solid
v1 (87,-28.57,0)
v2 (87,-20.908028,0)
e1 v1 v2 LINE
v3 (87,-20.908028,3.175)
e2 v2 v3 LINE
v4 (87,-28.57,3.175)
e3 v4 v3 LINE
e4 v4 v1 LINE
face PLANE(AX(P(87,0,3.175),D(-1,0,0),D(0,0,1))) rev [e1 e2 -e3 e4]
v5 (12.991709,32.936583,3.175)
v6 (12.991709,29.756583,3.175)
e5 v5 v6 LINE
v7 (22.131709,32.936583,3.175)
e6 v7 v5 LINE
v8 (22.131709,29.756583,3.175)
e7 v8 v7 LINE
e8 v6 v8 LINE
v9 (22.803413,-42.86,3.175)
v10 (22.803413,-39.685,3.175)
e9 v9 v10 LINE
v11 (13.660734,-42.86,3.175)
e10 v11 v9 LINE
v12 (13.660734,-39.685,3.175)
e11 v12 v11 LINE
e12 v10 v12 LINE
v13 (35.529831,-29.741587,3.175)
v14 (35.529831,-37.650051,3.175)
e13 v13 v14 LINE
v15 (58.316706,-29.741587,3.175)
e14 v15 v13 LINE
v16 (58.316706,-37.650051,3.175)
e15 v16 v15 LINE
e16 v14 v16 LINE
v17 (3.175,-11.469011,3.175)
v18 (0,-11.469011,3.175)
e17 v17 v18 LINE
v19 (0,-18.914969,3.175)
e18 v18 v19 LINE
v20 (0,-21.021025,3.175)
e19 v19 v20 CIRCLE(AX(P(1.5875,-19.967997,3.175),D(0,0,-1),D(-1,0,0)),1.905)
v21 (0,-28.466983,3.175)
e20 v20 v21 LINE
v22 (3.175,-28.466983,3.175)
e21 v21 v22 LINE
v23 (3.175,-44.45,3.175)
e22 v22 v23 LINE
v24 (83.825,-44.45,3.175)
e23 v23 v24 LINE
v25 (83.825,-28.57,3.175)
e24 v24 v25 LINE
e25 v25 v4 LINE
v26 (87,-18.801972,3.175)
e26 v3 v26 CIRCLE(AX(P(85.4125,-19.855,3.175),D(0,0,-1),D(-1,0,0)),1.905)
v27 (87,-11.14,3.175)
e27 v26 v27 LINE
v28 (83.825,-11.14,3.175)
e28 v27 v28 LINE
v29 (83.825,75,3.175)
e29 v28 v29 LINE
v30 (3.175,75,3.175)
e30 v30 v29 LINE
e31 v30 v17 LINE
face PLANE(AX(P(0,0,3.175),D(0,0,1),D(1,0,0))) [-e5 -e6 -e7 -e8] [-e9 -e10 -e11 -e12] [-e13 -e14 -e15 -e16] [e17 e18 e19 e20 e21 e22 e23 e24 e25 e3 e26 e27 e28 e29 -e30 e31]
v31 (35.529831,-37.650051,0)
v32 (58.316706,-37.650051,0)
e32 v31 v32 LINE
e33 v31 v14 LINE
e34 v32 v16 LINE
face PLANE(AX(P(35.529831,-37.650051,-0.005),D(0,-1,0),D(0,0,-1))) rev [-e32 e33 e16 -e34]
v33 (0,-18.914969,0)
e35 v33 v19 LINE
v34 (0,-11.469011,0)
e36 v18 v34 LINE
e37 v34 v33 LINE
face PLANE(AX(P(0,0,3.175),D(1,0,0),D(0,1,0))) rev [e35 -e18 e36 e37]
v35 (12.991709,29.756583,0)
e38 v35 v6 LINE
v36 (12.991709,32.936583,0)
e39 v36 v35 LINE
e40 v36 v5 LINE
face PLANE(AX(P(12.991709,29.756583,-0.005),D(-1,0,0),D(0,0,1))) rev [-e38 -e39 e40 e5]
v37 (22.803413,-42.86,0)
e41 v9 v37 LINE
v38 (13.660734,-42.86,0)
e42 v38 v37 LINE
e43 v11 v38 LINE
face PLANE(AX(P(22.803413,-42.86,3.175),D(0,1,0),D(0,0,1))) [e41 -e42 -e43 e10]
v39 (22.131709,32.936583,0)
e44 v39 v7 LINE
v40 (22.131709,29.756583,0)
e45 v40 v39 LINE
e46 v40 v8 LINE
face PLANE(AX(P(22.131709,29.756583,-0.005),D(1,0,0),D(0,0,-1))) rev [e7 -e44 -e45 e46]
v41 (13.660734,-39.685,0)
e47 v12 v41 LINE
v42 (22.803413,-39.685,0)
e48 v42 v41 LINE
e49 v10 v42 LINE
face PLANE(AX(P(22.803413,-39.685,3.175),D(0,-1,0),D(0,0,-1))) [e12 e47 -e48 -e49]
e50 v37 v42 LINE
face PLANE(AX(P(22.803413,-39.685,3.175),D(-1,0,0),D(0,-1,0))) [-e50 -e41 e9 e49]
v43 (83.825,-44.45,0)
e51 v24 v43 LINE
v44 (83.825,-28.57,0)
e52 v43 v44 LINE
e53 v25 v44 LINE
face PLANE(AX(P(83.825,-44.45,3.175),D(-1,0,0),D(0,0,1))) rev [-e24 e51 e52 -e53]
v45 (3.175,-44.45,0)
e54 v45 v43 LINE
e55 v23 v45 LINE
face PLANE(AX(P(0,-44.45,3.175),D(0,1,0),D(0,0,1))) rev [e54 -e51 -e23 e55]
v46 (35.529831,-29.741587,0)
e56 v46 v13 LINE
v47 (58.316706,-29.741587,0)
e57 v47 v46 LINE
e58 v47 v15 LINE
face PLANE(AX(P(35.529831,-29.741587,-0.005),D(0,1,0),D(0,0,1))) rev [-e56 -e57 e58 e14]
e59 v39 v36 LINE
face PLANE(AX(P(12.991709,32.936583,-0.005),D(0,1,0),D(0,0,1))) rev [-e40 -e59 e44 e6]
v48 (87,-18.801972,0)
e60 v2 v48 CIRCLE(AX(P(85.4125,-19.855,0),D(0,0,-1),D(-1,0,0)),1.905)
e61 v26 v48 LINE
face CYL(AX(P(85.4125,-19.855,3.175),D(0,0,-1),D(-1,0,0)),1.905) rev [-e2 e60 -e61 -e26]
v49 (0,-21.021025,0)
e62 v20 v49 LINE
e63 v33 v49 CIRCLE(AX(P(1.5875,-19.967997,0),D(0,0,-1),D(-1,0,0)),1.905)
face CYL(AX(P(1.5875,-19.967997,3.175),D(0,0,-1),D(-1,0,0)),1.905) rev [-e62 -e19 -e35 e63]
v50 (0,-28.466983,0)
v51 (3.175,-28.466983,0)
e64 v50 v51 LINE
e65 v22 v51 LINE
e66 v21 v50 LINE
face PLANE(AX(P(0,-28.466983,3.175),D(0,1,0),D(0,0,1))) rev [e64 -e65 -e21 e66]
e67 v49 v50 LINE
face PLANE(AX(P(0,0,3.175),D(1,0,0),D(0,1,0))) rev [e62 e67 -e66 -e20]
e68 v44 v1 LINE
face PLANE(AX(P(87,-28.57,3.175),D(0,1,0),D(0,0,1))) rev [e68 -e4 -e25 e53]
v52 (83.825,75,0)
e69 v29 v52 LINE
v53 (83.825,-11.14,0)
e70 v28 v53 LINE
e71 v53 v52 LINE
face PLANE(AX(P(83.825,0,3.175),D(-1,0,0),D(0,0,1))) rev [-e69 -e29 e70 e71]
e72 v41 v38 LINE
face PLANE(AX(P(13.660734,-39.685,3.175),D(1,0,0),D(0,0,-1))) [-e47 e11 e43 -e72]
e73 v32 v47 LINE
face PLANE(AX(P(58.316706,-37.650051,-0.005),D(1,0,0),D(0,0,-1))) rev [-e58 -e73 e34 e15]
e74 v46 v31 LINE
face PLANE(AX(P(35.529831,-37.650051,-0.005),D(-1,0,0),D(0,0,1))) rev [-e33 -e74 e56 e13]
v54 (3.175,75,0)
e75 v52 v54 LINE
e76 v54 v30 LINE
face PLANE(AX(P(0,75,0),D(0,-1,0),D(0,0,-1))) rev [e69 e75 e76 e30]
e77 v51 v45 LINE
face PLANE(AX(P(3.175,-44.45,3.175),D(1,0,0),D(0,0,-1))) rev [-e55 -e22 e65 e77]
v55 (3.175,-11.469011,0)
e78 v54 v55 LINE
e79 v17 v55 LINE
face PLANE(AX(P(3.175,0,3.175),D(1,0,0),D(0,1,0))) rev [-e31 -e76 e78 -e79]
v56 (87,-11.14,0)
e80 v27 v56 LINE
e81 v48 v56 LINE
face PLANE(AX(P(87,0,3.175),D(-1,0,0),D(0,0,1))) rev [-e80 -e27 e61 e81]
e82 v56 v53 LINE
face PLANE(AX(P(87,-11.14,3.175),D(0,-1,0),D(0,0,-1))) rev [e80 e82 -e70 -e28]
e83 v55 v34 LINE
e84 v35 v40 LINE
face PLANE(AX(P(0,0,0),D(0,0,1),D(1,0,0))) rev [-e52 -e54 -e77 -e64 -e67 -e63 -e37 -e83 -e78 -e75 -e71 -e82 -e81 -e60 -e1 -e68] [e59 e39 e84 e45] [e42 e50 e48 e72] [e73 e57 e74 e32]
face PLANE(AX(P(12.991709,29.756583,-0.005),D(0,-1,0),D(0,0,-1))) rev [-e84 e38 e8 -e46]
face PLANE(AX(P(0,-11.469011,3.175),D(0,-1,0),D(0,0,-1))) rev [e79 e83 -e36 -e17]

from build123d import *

# Parameters (mm, degrees)
SKETCH1_W           = 87
SKETCH1_H           = 44.45
SKETCH1_W_2         = 9.142679105
SKETCH1_H_2         = 3.175
BOSS_EXTRUDE1_DEPTH = 3.175
SKETCH2_W           = 3.175
SKETCH2_H           = 11.14
CUT_EXTRUDE1_DEPTH  = 4.175
SKETCH3_W           = 3.175
SKETCH3_H           = 15.88
CUT_EXTRUDE2_DEPTH  = 4.175
SKETCH6_R           = 1.905
CUT_EXTRUDE3_DEPTH  = 4.175
SKETCH8_W           = 3.175
SKETCH8_H           = 11.469011162
SKETCH8_H_2         = 15.983017012
CUT_EXTRUDE4_DEPTH  = 4.175
SKETCH10_R          = 1.905
CUT_EXTRUDE5_DEPTH  = 4.175
SKETCH12_W          = 80.65
SKETCH12_H          = 3.175
BOSS_EXTRUDE2_DEPTH = 75
SKETCH18_W          = 9.14
SKETCH18_H          = 3.18
CUT_EXTRUDE6_DEPTH  = 3.18
SKETCH19_W          = 22.786874906
SKETCH19_H          = 7.908464624
CUT_EXTRUDE7_DEPTH  = 3.18


with BuildPart() as part:
    # Sketch1 → Boss-Extrude1 (new body)
    with BuildSketch(Plane.XY):
        with Locations((43.5, -22.225)):
            Rectangle(SKETCH1_W, SKETCH1_H)
        with Locations((18.232073224, -41.2725)):
            Rectangle(SKETCH1_W_2, SKETCH1_H_2, mode=Mode.SUBTRACT)
    extrude(amount=BOSS_EXTRUDE1_DEPTH)

    # Sketch2 → Cut-Extrude1 (cut, through all)
    with BuildSketch(Plane(origin=(0, 0, 0), x_dir=(-1, 0, 0), z_dir=(0, 0, -1))):
        with Locations((-85.4125, -5.57)):
            Rectangle(SKETCH2_W, SKETCH2_H)
    extrude(amount=-CUT_EXTRUDE1_DEPTH, mode=Mode.SUBTRACT)

    # Sketch3 → Cut-Extrude2 (cut, through all)
    with BuildSketch(Plane(origin=(0, 0, 0), x_dir=(-1, 0, 0), z_dir=(0, 0, -1))):
        with Locations((-85.4125, -36.51)):
            Rectangle(SKETCH3_W, SKETCH3_H)
    extrude(amount=-CUT_EXTRUDE2_DEPTH, mode=Mode.SUBTRACT)

    # Sketch6 → Cut-Extrude3 (cut, through all)
    with BuildSketch(Plane(origin=(0, 0, 0), x_dir=(-1, 0, 0), z_dir=(0, 0, -1))):
        with Locations((-85.4125, -19.855)):
            Circle(SKETCH6_R)
    extrude(amount=-CUT_EXTRUDE3_DEPTH, mode=Mode.SUBTRACT)

    # Sketch8 → Cut-Extrude4 (cut, through all)
    with BuildSketch(Plane(origin=(0, 0, 0), x_dir=(-1, 0, 0), z_dir=(0, 0, -1))):
        with Locations((-1.5875, -5.734505581)):
            Rectangle(SKETCH8_W, SKETCH8_H)
        with Locations((-1.5875, -36.458491494)):
            Rectangle(SKETCH8_W, SKETCH8_H_2)
    extrude(amount=-CUT_EXTRUDE4_DEPTH, mode=Mode.SUBTRACT)

    # Sketch10 → Cut-Extrude5 (cut, through all)
    with BuildSketch(Plane(origin=(0, 0, 0), x_dir=(-1, 0, 0), z_dir=(0, 0, -1))):
        with Locations((-1.5875, -19.967997075)):
            Circle(SKETCH10_R)
    extrude(amount=-CUT_EXTRUDE5_DEPTH, mode=Mode.SUBTRACT)

    # Sketch12 → Boss-Extrude2 (add)
    with BuildSketch(Plane(origin=(0, 0, 0), x_dir=(1, 0, 0), z_dir=(0, 1, 0))):
        with Locations((43.5, -1.5875)):
            Rectangle(SKETCH12_W, SKETCH12_H)
    extrude(amount=BOSS_EXTRUDE2_DEPTH)

    # Sketch18 → Cut-Extrude6 (cut)
    with BuildSketch(Plane.XY.offset(3.175)):
        with Locations((17.561709366, 31.346582601)):
            Rectangle(SKETCH18_W, SKETCH18_H)
    extrude(amount=-CUT_EXTRUDE6_DEPTH, mode=Mode.SUBTRACT)

    # Sketch19 → Cut-Extrude7 (cut)
    with BuildSketch(Plane.XY.offset(3.175)):
        with Locations((46.923268397, -33.695818912)):
            Rectangle(SKETCH19_W, SKETCH19_H)
    extrude(amount=-CUT_EXTRUDE7_DEPTH, mode=Mode.SUBTRACT)


solid = part.part
